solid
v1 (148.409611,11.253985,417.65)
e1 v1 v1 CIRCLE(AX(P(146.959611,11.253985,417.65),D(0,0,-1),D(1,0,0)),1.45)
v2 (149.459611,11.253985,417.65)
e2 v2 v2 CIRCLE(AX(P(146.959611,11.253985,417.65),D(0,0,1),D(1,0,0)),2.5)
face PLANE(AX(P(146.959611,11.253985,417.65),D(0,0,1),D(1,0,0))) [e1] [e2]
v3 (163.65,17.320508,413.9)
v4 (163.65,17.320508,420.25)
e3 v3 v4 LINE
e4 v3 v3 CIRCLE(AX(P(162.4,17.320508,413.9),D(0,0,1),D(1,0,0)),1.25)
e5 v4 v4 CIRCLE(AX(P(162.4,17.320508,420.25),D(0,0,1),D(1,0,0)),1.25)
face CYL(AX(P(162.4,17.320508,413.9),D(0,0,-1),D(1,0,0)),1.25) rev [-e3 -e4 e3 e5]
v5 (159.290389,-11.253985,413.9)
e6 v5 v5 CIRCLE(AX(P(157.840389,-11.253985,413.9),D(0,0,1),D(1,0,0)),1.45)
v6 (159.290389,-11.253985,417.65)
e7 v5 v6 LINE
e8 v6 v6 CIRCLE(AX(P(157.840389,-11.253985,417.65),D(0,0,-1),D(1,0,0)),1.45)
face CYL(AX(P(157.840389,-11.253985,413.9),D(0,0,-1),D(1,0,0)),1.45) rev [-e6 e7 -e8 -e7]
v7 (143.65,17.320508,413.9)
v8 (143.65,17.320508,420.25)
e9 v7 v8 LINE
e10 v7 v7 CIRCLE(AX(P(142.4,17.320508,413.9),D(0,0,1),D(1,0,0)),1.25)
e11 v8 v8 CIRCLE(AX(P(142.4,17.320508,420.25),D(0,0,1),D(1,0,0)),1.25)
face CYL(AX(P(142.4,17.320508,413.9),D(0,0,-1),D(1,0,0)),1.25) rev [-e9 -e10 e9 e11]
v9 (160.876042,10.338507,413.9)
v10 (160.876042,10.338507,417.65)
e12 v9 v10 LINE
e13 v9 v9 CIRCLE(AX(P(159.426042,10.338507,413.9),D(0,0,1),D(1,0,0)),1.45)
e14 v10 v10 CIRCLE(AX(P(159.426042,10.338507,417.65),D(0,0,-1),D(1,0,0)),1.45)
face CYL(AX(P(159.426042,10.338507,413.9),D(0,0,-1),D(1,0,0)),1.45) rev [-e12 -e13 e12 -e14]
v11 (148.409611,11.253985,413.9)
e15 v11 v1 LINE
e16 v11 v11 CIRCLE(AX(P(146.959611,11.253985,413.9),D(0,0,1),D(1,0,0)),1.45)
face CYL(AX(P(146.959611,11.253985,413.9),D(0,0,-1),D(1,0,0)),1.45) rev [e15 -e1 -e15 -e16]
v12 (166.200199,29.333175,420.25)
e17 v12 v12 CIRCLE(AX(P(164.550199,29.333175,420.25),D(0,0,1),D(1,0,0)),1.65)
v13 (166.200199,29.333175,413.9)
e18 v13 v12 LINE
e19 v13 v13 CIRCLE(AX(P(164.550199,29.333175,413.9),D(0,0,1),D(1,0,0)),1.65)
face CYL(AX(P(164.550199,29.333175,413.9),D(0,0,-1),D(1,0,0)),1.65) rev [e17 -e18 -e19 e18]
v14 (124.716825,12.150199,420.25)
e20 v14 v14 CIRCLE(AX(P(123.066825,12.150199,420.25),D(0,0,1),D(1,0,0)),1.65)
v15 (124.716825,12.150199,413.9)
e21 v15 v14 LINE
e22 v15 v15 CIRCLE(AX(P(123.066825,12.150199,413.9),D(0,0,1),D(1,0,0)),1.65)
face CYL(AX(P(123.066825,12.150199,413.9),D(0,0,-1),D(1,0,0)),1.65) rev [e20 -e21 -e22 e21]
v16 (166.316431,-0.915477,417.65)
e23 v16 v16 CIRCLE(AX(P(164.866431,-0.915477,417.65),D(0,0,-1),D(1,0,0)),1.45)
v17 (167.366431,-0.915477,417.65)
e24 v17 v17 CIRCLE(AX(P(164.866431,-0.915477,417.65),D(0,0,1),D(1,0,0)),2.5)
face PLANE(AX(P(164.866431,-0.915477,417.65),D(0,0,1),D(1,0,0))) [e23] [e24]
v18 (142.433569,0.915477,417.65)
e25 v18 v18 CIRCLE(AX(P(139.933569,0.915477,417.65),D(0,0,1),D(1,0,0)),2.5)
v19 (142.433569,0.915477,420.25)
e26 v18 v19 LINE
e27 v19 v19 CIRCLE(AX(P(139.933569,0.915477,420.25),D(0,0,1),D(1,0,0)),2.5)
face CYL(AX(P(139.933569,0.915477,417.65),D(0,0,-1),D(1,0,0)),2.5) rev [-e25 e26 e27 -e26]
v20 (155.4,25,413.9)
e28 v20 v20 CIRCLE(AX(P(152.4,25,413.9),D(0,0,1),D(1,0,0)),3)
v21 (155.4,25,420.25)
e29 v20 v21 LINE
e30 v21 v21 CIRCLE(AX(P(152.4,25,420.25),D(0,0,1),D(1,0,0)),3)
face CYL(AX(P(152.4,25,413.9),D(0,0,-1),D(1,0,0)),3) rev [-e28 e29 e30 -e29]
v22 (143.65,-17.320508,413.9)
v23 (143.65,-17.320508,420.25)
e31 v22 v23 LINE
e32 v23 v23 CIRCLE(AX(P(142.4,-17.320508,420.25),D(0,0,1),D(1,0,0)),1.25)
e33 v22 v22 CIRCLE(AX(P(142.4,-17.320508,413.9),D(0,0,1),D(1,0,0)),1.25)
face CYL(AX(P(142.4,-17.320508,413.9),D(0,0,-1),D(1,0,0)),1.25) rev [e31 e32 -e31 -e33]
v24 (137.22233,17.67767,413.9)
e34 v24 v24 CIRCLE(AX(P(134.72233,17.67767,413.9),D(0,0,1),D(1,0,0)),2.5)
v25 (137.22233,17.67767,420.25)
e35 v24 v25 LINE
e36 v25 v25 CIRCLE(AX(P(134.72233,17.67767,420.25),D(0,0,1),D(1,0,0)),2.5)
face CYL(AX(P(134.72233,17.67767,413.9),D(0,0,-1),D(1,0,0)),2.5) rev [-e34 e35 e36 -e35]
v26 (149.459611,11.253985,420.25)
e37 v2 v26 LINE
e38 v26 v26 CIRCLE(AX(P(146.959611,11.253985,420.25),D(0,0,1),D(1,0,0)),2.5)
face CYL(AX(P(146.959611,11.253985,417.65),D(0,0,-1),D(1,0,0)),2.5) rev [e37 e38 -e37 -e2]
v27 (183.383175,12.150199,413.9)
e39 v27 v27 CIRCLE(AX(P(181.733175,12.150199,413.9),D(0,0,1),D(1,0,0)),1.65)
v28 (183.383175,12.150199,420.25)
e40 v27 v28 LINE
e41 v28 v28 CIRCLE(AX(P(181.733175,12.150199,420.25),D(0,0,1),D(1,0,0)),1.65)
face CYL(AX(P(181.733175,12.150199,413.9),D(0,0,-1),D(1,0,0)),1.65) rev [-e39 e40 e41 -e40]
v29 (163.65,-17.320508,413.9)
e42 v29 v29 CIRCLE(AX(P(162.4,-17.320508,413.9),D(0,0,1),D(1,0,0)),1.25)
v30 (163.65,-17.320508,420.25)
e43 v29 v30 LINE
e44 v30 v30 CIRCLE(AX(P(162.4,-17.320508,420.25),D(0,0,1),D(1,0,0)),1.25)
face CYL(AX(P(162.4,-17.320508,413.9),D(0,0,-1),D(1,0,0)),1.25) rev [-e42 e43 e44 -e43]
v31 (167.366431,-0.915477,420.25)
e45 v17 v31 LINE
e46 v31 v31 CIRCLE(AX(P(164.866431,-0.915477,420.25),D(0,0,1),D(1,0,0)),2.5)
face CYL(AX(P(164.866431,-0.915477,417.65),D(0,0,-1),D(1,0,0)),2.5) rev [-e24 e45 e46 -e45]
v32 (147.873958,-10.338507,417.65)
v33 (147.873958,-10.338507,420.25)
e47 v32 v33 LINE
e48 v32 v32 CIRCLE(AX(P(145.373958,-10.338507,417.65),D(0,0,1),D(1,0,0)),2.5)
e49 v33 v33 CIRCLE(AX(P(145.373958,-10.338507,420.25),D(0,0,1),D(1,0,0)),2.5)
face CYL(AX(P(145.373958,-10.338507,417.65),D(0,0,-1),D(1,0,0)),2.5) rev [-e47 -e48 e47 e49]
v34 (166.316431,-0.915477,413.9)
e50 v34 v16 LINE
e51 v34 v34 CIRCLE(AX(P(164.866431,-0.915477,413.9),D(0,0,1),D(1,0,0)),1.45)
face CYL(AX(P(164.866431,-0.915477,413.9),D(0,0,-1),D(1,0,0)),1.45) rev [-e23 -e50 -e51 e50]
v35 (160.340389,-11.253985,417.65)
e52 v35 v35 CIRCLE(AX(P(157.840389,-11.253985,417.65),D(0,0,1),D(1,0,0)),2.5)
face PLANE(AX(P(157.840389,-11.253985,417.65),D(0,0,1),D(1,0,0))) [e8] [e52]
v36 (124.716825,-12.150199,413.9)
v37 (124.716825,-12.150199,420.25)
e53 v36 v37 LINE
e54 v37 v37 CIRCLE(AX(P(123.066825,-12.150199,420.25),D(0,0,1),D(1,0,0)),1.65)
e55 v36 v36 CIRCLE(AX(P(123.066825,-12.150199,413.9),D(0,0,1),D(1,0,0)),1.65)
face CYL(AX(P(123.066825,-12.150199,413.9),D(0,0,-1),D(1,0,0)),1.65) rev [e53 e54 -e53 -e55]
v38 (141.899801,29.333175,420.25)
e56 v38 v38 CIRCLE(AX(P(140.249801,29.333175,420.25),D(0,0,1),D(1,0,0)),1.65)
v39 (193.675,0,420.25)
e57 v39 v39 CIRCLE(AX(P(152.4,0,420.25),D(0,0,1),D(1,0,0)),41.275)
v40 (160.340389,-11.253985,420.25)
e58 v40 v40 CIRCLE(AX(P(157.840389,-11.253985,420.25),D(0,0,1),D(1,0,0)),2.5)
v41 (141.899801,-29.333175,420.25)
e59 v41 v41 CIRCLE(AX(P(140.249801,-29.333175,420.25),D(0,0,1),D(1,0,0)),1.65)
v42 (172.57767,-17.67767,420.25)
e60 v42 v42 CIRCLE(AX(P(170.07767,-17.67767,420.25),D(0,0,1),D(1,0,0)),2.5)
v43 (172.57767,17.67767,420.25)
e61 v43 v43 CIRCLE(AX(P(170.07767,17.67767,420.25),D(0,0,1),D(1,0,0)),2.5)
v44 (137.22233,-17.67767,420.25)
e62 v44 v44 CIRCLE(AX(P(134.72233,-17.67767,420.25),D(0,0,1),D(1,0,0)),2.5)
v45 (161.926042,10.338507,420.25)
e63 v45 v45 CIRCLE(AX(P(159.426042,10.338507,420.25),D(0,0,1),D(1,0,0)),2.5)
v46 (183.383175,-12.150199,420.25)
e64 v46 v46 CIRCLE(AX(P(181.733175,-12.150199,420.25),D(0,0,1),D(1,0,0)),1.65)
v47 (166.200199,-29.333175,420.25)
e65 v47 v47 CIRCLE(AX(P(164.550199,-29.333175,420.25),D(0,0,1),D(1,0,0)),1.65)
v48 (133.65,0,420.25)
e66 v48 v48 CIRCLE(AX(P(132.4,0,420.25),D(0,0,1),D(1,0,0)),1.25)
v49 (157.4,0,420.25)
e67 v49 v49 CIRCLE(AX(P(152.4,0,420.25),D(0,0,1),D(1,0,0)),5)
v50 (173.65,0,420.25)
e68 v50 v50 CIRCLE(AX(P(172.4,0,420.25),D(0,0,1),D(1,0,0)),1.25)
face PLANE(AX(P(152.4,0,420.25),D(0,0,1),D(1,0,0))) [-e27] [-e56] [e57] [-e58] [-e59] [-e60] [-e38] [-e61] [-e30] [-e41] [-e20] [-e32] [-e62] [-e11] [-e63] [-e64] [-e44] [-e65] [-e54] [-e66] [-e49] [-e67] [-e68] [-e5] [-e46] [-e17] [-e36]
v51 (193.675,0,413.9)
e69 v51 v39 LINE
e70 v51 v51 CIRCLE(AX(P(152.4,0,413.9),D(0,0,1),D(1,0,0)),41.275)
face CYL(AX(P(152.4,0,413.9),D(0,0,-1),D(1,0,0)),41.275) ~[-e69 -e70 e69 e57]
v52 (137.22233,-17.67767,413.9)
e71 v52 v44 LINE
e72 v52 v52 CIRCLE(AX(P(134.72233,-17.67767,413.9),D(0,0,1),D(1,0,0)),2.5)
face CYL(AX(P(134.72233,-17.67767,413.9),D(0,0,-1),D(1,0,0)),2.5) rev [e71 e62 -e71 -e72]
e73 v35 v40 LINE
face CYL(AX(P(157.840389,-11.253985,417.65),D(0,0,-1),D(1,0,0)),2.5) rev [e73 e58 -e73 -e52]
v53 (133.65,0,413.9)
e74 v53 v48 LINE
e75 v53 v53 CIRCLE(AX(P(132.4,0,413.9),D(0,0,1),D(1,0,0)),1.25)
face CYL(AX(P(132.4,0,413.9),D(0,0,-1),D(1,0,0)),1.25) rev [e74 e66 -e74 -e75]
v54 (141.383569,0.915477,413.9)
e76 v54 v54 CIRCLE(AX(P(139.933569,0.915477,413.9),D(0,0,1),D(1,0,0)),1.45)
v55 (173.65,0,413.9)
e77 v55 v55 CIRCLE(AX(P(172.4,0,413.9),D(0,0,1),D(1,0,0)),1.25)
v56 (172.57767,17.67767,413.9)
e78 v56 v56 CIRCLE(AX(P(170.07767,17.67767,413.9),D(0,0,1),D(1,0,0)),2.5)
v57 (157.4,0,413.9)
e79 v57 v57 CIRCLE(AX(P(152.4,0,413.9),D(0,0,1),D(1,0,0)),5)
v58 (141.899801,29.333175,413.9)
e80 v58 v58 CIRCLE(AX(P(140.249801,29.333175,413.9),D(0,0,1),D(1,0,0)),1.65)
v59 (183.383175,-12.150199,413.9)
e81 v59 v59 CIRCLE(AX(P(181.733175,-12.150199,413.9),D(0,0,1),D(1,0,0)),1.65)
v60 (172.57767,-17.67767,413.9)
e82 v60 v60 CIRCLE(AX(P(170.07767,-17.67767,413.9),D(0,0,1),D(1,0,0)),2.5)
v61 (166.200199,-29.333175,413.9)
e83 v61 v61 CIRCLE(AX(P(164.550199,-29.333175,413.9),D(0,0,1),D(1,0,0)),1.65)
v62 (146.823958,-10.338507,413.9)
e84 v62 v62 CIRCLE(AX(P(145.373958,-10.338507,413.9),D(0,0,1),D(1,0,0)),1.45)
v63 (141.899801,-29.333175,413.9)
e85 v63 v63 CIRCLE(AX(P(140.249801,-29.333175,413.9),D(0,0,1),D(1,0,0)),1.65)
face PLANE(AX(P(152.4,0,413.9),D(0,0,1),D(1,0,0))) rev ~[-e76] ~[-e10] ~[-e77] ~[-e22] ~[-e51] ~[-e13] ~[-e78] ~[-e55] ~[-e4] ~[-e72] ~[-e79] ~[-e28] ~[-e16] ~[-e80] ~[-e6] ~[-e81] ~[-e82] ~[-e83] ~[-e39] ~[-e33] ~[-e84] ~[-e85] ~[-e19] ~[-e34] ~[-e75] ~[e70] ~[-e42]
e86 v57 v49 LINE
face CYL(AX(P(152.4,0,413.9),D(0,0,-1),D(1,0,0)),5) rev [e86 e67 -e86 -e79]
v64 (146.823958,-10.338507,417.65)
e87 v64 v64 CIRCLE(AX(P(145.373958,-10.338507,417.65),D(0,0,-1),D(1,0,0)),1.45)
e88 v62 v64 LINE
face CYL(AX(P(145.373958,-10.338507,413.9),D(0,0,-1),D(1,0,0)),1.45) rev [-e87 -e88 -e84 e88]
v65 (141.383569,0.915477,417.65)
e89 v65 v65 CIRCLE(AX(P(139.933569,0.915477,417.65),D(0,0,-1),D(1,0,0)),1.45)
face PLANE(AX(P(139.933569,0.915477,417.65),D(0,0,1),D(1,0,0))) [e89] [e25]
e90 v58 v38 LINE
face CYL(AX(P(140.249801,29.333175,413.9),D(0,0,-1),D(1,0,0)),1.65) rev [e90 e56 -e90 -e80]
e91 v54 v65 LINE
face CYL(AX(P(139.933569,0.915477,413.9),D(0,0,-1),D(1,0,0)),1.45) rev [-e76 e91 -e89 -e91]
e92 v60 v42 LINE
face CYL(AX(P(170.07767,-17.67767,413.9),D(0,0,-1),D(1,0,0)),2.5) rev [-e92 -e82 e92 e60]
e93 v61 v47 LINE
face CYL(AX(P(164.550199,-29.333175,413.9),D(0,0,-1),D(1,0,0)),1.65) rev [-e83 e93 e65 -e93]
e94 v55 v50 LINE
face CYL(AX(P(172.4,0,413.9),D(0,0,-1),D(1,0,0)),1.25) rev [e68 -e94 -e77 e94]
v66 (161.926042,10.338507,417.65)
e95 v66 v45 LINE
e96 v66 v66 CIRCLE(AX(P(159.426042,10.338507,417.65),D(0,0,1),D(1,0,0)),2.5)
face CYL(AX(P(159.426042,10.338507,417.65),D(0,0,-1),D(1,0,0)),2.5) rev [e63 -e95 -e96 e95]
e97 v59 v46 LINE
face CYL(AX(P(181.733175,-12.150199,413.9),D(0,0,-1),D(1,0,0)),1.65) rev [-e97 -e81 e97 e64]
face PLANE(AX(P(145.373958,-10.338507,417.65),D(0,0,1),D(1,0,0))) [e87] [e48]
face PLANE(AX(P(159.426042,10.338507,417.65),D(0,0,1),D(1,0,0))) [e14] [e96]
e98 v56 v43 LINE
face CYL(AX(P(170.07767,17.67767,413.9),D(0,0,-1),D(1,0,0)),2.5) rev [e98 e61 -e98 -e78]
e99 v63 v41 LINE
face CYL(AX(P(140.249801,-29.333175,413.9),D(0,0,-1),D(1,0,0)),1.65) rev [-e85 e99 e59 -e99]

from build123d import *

# Parameters (mm, degrees)
BRIDA_D3_25IN_1_4IN_START          = 413.9
CROQUIS1_R                         = 41.275
BRIDA_D3_25IN_1_4IN_DEPTH          = 6.35
BARRENOS_SALIDA_M6_START           = 413.9
CROQUIS2_R                         = 1.45
CROQUIS2_R_2                       = 5
BARRENOS_SALIDA_M6_DEPTH           = 6.35
REFRENTADO_M2_5_START              = 417.65
CROQUIS3_R                         = 2.5
REFRENTADO_M2_5_DEPTH              = 2.6
ISO9409_50_4XM6_Y_PASADOR_D6_START = 413.9
CROQUIS4_R                         = 2.5
CROQUIS4_R_2                       = 3
ISO9409_50_4XM6_Y_PASADOR_D6_DEPTH = 6.35
PATRON_8XM4_PCD2_5IN_START         = 413.9
CROQUIS5_R                         = 1.65
PATRON_8XM4_PCD2_5IN_DEPTH         = 6.35
PATRON_6XM3_PCD40_START            = 413.9
CROQUIS6_R                         = 1.25
PATRON_6XM3_PCD40_DEPTH            = 6.35


with BuildPart() as part:
    # Croquis1 → Brida_D3-25in_1-4in (new body)
    with BuildSketch(Plane.XY.offset(BRIDA_D3_25IN_1_4IN_START)):
        with Locations((152.4, 0)):
            Circle(CROQUIS1_R)
    extrude(amount=BRIDA_D3_25IN_1_4IN_DEPTH)

    # Croquis2 → Barrenos_salida_M6 (cut)
    with BuildSketch(Plane.XY.offset(BARRENOS_SALIDA_M6_START)):
        with Locations((159.426042223, 10.338507178)):
            Circle(CROQUIS2_R)
        with Locations((146.959611258, 11.253984643)):
            Circle(CROQUIS2_R)
        with Locations((139.933569035, 0.915477464)):
            Circle(CROQUIS2_R)
        with Locations((145.373957777, -10.338507178)):
            Circle(CROQUIS2_R)
        with Locations((157.840388742, -11.253984643)):
            Circle(CROQUIS2_R)
        with Locations((164.866430965, -0.915477464)):
            Circle(CROQUIS2_R)
        with Locations((152.4, 0)):
            Circle(CROQUIS2_R_2)
    extrude(amount=BARRENOS_SALIDA_M6_DEPTH, mode=Mode.SUBTRACT)

    # Croquis3 → Refrentado_M2-5 (cut)
    with BuildSketch(Plane.XY.offset(REFRENTADO_M2_5_START)):
        with Locations((159.426042223, 10.338507178)):
            Circle(CROQUIS3_R)
        with Locations((146.959611258, 11.253984643)):
            Circle(CROQUIS3_R)
        with Locations((139.933569035, 0.915477464)):
            Circle(CROQUIS3_R)
        with Locations((145.373957777, -10.338507178)):
            Circle(CROQUIS3_R)
        with Locations((157.840388742, -11.253984643)):
            Circle(CROQUIS3_R)
        with Locations((164.866430965, -0.915477464)):
            Circle(CROQUIS3_R)
    extrude(amount=REFRENTADO_M2_5_DEPTH, mode=Mode.SUBTRACT)

    # Croquis4 → ISO9409-50_4xM6_y_pasador_D6 (cut)
    with BuildSketch(Plane.XY.offset(ISO9409_50_4XM6_Y_PASADOR_D6_START)):
        with Locations((170.07766953, 17.67766953)):
            Circle(CROQUIS4_R)
        with Locations((134.72233047, 17.67766953)):
            Circle(CROQUIS4_R)
        with Locations((134.72233047, -17.67766953)):
            Circle(CROQUIS4_R)
        with Locations((170.07766953, -17.67766953)):
            Circle(CROQUIS4_R)
        with Locations((152.4, 25)):
            Circle(CROQUIS4_R_2)
    extrude(amount=ISO9409_50_4XM6_Y_PASADOR_D6_DEPTH, mode=Mode.SUBTRACT)

    # Croquis5 → Patron_8xM4_PCD2-5in (cut)
    with BuildSketch(Plane.XY.offset(PATRON_8XM4_PCD2_5IN_START)):
        with Locations((181.733175157, 12.150198978)):
            Circle(CROQUIS5_R)
        with Locations((164.550198978, 29.333175157)):
            Circle(CROQUIS5_R)
        with Locations((140.249801022, 29.333175157)):
            Circle(CROQUIS5_R)
        with Locations((123.066824843, 12.150198978)):
            Circle(CROQUIS5_R)
        with Locations((123.066824843, -12.150198978)):
            Circle(CROQUIS5_R)
        with Locations((140.249801022, -29.333175157)):
            Circle(CROQUIS5_R)
        with Locations((164.550198978, -29.333175157)):
            Circle(CROQUIS5_R)
        with Locations((181.733175157, -12.150198978)):
            Circle(CROQUIS5_R)
    extrude(amount=PATRON_8XM4_PCD2_5IN_DEPTH, mode=Mode.SUBTRACT)

    # Croquis6 → Patron_6xM3_PCD40 (cut)
    with BuildSketch(Plane.XY.offset(PATRON_6XM3_PCD40_START)):
        with Locations((172.4, 0)):
            Circle(CROQUIS6_R)
        with Locations((162.4, 17.320508076)):
            Circle(CROQUIS6_R)
        with Locations((142.4, 17.320508076)):
            Circle(CROQUIS6_R)
        with Locations((132.4, 0)):
            Circle(CROQUIS6_R)
        with Locations((142.4, -17.320508076)):
            Circle(CROQUIS6_R)
        with Locations((162.4, -17.320508076)):
            Circle(CROQUIS6_R)
    extrude(amount=PATRON_6XM3_PCD40_DEPTH, mode=Mode.SUBTRACT)


solid = part.part
